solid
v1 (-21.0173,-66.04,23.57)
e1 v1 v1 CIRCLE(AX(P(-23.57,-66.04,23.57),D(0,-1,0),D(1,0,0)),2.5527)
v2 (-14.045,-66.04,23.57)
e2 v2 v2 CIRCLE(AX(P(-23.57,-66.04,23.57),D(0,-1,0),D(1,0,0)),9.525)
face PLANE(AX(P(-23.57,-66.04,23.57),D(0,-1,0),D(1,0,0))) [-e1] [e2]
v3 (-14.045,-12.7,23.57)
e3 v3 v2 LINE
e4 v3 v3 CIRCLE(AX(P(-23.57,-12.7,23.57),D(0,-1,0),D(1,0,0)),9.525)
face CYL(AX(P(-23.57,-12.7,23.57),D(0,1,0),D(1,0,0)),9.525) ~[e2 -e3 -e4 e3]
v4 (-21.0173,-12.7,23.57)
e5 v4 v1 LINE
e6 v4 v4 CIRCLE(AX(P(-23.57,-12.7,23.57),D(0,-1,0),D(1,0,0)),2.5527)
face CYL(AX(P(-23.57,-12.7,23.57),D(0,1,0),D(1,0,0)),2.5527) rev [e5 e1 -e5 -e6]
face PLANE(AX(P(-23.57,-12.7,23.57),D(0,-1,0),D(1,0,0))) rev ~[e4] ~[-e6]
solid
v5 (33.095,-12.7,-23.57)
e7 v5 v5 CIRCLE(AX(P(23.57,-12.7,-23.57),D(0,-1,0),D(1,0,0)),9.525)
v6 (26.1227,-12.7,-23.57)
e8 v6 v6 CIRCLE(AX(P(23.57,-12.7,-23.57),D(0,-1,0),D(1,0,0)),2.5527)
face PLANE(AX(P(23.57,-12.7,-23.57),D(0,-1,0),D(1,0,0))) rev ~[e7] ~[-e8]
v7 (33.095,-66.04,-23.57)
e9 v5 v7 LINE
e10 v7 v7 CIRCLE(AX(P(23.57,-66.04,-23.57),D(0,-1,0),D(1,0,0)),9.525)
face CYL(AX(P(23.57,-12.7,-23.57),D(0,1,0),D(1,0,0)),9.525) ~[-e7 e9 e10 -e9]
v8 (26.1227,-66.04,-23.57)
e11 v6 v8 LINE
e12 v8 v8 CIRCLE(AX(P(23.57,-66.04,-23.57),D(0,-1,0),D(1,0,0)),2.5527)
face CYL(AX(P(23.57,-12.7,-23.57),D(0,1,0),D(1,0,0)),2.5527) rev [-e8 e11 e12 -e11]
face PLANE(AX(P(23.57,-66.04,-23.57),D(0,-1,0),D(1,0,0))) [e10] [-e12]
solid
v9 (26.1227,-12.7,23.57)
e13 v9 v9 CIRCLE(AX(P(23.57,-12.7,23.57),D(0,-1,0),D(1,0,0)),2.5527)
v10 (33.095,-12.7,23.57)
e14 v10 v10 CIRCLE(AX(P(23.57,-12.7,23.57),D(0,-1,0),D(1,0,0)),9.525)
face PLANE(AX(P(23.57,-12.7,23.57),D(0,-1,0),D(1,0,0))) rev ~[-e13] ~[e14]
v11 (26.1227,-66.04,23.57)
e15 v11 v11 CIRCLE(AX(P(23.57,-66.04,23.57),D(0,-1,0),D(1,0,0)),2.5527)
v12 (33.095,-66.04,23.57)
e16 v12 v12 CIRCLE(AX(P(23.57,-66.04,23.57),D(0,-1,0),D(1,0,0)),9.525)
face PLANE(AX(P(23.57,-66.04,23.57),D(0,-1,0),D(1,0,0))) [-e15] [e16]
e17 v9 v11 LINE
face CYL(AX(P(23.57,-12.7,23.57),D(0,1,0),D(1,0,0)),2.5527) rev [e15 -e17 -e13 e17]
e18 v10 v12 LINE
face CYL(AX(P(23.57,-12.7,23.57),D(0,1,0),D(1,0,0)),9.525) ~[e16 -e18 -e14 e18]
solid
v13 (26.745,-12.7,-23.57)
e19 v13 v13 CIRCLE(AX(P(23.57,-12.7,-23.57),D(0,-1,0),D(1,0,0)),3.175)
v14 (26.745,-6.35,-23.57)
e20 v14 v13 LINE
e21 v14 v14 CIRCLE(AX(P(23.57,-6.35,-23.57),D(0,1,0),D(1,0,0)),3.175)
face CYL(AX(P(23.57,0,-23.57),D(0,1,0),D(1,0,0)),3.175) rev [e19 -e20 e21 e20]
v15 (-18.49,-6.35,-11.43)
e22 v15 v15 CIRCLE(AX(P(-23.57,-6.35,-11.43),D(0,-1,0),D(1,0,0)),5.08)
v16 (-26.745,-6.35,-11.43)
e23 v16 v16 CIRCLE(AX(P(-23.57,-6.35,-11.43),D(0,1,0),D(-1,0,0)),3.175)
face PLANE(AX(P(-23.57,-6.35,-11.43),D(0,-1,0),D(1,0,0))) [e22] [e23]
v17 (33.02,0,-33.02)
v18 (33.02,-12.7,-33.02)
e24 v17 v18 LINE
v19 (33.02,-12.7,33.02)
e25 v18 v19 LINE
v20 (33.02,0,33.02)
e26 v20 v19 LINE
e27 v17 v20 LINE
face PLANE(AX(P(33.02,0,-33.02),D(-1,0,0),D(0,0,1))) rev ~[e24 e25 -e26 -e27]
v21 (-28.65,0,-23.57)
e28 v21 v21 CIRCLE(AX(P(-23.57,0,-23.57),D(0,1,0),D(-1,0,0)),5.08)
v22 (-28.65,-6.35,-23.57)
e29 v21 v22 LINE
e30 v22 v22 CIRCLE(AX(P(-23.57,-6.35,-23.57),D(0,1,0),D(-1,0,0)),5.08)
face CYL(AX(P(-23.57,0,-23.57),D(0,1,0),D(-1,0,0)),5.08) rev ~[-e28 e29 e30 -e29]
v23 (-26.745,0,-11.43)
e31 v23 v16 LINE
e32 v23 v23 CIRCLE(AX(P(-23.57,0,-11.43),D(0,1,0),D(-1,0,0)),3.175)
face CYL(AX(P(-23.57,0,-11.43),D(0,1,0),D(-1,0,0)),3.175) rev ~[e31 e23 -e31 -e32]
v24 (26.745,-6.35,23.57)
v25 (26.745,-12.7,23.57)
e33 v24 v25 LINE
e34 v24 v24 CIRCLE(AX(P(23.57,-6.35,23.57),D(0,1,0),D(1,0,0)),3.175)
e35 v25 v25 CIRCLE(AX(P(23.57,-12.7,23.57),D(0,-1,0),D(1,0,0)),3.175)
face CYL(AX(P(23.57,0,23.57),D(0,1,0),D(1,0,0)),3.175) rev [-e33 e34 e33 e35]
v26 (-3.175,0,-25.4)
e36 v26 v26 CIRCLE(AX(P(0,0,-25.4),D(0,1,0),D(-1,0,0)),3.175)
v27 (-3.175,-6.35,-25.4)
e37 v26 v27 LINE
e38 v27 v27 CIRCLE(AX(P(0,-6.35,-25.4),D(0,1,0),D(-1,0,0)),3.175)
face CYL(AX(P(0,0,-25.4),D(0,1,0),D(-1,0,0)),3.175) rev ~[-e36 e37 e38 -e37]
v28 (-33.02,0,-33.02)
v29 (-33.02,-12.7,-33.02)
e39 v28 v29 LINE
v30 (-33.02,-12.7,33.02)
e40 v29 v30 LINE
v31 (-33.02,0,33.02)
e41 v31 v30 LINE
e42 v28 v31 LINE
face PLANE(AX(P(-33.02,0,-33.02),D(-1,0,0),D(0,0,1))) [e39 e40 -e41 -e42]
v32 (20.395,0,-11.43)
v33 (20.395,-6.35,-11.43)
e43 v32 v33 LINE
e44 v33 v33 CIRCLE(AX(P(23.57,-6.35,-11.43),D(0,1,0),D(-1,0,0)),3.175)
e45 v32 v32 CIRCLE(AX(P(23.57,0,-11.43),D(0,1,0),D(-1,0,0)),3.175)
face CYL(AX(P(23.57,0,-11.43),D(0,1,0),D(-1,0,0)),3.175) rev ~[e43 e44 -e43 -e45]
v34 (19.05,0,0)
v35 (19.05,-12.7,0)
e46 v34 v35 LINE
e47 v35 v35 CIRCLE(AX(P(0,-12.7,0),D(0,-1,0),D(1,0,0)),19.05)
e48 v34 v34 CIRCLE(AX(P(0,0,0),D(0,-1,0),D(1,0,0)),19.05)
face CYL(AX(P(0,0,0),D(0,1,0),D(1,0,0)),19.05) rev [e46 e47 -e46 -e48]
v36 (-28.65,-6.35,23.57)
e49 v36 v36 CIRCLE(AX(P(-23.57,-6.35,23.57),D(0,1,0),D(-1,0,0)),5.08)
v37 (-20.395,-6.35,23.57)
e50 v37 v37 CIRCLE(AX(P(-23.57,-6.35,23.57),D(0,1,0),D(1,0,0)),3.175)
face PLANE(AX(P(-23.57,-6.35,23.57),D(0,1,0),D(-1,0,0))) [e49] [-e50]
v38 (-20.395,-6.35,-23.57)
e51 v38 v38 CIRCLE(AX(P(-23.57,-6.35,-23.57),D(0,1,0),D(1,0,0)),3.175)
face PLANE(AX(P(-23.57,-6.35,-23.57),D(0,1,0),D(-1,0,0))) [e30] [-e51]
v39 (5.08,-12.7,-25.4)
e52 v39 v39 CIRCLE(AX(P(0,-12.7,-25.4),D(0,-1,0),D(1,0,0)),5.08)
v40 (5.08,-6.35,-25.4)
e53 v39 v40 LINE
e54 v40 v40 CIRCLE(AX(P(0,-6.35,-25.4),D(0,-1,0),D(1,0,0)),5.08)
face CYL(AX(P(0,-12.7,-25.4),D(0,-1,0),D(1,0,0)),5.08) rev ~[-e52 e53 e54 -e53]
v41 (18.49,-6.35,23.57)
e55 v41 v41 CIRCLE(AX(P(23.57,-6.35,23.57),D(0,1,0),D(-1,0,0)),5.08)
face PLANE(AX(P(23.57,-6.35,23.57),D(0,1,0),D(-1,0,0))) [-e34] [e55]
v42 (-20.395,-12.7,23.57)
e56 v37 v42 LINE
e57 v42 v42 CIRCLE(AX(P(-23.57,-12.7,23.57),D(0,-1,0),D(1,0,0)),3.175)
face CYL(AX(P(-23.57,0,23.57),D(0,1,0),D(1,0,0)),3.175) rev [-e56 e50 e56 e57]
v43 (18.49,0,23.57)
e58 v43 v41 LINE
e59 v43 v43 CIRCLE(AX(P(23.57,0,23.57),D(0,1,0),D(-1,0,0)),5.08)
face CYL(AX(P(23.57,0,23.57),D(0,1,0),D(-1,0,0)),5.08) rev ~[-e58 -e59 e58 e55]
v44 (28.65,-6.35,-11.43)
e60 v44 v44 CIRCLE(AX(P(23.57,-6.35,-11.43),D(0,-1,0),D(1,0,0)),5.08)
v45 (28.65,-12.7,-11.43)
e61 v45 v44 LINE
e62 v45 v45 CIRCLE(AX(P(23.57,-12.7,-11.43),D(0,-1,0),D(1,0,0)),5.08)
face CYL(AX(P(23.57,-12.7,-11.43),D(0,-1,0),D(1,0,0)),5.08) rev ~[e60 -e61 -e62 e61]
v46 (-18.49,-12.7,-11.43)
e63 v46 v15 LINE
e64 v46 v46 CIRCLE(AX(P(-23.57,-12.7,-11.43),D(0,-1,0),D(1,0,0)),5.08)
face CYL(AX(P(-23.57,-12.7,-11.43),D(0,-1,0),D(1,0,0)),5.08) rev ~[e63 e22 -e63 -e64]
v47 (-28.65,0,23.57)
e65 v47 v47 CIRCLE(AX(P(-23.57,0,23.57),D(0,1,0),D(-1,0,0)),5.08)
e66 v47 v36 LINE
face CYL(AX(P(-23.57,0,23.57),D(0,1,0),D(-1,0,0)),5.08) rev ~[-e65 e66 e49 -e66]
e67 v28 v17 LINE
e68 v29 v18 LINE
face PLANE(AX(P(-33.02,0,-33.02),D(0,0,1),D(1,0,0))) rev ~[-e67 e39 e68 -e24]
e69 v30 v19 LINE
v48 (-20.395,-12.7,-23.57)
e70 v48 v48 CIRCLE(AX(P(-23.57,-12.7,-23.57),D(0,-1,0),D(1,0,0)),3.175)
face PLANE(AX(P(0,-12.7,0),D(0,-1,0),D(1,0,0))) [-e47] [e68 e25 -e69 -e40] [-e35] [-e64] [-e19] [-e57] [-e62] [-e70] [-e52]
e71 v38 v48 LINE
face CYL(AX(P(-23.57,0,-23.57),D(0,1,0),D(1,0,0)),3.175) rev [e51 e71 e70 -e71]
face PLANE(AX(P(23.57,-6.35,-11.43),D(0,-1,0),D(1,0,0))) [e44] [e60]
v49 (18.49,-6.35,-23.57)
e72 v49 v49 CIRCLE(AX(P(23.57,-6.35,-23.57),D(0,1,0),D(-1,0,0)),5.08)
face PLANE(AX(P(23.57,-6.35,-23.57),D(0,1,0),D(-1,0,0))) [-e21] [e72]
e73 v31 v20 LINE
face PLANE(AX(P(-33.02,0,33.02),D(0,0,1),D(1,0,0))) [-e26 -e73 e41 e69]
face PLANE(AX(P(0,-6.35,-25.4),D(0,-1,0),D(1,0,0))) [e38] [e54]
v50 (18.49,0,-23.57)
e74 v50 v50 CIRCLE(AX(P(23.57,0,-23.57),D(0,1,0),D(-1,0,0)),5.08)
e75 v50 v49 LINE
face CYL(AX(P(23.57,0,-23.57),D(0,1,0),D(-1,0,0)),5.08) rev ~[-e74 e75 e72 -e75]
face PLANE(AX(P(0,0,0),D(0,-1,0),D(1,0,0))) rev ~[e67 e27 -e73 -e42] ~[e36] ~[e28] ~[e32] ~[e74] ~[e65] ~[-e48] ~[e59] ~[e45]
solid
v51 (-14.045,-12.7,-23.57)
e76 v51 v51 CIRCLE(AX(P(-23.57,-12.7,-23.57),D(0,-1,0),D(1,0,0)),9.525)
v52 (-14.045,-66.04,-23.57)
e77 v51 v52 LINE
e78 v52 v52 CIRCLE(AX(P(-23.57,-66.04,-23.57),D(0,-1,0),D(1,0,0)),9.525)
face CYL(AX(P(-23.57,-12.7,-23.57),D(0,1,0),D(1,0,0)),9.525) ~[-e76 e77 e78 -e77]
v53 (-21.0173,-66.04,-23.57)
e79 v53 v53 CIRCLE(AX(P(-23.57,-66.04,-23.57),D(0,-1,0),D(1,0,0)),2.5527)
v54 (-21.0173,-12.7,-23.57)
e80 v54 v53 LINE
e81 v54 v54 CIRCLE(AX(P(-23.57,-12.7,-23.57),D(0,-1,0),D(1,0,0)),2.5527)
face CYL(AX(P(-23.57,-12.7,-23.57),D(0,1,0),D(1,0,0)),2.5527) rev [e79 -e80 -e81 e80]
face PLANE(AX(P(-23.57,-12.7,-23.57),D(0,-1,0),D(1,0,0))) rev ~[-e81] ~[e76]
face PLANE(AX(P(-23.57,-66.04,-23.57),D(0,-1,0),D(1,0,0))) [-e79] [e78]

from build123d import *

# Parameters (mm, degrees)
F0_W     = 66.04
F0_H     = 66.04
F0_R     = 3.175
F0_R_2   = 19.05
F1_DEPTH = 12.7
F2_R     = 5.08
F3_DEPTH = 6.35
F4_R     = 3.175
F5_DEPTH = 12.701
F6_R     = 5.08
F7_DEPTH = 6.35
F8_R     = 9.525
F8_R_2   = 2.5527
F9_DEPTH = 53.34


with BuildPart() as f1:
    # F0 (on Front) → F1 (new body)
    with BuildSketch(Plane.XZ):
        Rectangle(F0_W, F0_H)
        with Locations((-23.57, -23.57)):
            Circle(F0_R, mode=Mode.SUBTRACT)
        with Locations((23.57, -23.57)):
            Circle(F0_R, mode=Mode.SUBTRACT)
        with Locations((-23.57, 23.57)):
            Circle(F0_R, mode=Mode.SUBTRACT)
        Circle(F0_R_2, mode=Mode.SUBTRACT)
        with Locations((23.57, 23.57)):
            Circle(F0_R, mode=Mode.SUBTRACT)
    extrude(amount=F1_DEPTH)

    # F2 (on face) → F3 (cut)
    with BuildSketch(Plane(origin=(0, 0, 0), x_dir=(-1, 0, 0), z_dir=(0, 1, 0))):
        with Locations((23.57, -23.57)):
            Circle(F2_R)
        with Locations((-23.57, -23.57)):
            Circle(F2_R)
        with Locations((-23.57, 23.57)):
            Circle(F2_R)
        with Locations((23.57, 23.57)):
            Circle(F2_R)
    extrude(amount=-F3_DEPTH, mode=Mode.SUBTRACT)

    # F4 (on face) → F5 (cut, through all)
    with BuildSketch(Plane(origin=(0, 0, 0), x_dir=(-1, 0, 0), z_dir=(0, 1, 0))):
        with Locations((23.57, -11.43)):
            Circle(F4_R)
        with Locations((-23.57, -11.43)):
            Circle(F4_R)
        with Locations((0, -25.4)):
            Circle(F4_R)
    extrude(amount=-F5_DEPTH, mode=Mode.SUBTRACT)

    # F6 (on face) → F7 (cut)
    with BuildSketch(Plane.XZ.offset(12.7)):
        with Locations((23.57, -11.43)):
            Circle(F6_R)
        with Locations((0, -25.4)):
            Circle(F6_R)
        with Locations((-23.57, -11.43)):
            Circle(F6_R)
    extrude(amount=-F7_DEPTH, mode=Mode.SUBTRACT)


with BuildPart() as f9:
    # F8 (on face) → F9 (new body)
    with BuildSketch(Plane.XZ.offset(12.7)):
        with Locations((23.57, -23.57)):
            Circle(F8_R)
        with Locations((23.57, -23.57)):
            Circle(F8_R_2, mode=Mode.SUBTRACT)
        with Locations((-23.57, -23.57)):
            Circle(F8_R)
        with Locations((-23.57, -23.57)):
            Circle(F8_R_2, mode=Mode.SUBTRACT)
        with Locations((23.57, 23.57)):
            Circle(F8_R)
        with Locations((23.57, 23.57)):
            Circle(F8_R_2, mode=Mode.SUBTRACT)
        with Locations((-23.57, 23.57)):
            Circle(F8_R)
        with Locations((-23.57, 23.57)):
            Circle(F8_R_2, mode=Mode.SUBTRACT)
    extrude(amount=F9_DEPTH)


solid = Compound([f1.part, f9.part])
